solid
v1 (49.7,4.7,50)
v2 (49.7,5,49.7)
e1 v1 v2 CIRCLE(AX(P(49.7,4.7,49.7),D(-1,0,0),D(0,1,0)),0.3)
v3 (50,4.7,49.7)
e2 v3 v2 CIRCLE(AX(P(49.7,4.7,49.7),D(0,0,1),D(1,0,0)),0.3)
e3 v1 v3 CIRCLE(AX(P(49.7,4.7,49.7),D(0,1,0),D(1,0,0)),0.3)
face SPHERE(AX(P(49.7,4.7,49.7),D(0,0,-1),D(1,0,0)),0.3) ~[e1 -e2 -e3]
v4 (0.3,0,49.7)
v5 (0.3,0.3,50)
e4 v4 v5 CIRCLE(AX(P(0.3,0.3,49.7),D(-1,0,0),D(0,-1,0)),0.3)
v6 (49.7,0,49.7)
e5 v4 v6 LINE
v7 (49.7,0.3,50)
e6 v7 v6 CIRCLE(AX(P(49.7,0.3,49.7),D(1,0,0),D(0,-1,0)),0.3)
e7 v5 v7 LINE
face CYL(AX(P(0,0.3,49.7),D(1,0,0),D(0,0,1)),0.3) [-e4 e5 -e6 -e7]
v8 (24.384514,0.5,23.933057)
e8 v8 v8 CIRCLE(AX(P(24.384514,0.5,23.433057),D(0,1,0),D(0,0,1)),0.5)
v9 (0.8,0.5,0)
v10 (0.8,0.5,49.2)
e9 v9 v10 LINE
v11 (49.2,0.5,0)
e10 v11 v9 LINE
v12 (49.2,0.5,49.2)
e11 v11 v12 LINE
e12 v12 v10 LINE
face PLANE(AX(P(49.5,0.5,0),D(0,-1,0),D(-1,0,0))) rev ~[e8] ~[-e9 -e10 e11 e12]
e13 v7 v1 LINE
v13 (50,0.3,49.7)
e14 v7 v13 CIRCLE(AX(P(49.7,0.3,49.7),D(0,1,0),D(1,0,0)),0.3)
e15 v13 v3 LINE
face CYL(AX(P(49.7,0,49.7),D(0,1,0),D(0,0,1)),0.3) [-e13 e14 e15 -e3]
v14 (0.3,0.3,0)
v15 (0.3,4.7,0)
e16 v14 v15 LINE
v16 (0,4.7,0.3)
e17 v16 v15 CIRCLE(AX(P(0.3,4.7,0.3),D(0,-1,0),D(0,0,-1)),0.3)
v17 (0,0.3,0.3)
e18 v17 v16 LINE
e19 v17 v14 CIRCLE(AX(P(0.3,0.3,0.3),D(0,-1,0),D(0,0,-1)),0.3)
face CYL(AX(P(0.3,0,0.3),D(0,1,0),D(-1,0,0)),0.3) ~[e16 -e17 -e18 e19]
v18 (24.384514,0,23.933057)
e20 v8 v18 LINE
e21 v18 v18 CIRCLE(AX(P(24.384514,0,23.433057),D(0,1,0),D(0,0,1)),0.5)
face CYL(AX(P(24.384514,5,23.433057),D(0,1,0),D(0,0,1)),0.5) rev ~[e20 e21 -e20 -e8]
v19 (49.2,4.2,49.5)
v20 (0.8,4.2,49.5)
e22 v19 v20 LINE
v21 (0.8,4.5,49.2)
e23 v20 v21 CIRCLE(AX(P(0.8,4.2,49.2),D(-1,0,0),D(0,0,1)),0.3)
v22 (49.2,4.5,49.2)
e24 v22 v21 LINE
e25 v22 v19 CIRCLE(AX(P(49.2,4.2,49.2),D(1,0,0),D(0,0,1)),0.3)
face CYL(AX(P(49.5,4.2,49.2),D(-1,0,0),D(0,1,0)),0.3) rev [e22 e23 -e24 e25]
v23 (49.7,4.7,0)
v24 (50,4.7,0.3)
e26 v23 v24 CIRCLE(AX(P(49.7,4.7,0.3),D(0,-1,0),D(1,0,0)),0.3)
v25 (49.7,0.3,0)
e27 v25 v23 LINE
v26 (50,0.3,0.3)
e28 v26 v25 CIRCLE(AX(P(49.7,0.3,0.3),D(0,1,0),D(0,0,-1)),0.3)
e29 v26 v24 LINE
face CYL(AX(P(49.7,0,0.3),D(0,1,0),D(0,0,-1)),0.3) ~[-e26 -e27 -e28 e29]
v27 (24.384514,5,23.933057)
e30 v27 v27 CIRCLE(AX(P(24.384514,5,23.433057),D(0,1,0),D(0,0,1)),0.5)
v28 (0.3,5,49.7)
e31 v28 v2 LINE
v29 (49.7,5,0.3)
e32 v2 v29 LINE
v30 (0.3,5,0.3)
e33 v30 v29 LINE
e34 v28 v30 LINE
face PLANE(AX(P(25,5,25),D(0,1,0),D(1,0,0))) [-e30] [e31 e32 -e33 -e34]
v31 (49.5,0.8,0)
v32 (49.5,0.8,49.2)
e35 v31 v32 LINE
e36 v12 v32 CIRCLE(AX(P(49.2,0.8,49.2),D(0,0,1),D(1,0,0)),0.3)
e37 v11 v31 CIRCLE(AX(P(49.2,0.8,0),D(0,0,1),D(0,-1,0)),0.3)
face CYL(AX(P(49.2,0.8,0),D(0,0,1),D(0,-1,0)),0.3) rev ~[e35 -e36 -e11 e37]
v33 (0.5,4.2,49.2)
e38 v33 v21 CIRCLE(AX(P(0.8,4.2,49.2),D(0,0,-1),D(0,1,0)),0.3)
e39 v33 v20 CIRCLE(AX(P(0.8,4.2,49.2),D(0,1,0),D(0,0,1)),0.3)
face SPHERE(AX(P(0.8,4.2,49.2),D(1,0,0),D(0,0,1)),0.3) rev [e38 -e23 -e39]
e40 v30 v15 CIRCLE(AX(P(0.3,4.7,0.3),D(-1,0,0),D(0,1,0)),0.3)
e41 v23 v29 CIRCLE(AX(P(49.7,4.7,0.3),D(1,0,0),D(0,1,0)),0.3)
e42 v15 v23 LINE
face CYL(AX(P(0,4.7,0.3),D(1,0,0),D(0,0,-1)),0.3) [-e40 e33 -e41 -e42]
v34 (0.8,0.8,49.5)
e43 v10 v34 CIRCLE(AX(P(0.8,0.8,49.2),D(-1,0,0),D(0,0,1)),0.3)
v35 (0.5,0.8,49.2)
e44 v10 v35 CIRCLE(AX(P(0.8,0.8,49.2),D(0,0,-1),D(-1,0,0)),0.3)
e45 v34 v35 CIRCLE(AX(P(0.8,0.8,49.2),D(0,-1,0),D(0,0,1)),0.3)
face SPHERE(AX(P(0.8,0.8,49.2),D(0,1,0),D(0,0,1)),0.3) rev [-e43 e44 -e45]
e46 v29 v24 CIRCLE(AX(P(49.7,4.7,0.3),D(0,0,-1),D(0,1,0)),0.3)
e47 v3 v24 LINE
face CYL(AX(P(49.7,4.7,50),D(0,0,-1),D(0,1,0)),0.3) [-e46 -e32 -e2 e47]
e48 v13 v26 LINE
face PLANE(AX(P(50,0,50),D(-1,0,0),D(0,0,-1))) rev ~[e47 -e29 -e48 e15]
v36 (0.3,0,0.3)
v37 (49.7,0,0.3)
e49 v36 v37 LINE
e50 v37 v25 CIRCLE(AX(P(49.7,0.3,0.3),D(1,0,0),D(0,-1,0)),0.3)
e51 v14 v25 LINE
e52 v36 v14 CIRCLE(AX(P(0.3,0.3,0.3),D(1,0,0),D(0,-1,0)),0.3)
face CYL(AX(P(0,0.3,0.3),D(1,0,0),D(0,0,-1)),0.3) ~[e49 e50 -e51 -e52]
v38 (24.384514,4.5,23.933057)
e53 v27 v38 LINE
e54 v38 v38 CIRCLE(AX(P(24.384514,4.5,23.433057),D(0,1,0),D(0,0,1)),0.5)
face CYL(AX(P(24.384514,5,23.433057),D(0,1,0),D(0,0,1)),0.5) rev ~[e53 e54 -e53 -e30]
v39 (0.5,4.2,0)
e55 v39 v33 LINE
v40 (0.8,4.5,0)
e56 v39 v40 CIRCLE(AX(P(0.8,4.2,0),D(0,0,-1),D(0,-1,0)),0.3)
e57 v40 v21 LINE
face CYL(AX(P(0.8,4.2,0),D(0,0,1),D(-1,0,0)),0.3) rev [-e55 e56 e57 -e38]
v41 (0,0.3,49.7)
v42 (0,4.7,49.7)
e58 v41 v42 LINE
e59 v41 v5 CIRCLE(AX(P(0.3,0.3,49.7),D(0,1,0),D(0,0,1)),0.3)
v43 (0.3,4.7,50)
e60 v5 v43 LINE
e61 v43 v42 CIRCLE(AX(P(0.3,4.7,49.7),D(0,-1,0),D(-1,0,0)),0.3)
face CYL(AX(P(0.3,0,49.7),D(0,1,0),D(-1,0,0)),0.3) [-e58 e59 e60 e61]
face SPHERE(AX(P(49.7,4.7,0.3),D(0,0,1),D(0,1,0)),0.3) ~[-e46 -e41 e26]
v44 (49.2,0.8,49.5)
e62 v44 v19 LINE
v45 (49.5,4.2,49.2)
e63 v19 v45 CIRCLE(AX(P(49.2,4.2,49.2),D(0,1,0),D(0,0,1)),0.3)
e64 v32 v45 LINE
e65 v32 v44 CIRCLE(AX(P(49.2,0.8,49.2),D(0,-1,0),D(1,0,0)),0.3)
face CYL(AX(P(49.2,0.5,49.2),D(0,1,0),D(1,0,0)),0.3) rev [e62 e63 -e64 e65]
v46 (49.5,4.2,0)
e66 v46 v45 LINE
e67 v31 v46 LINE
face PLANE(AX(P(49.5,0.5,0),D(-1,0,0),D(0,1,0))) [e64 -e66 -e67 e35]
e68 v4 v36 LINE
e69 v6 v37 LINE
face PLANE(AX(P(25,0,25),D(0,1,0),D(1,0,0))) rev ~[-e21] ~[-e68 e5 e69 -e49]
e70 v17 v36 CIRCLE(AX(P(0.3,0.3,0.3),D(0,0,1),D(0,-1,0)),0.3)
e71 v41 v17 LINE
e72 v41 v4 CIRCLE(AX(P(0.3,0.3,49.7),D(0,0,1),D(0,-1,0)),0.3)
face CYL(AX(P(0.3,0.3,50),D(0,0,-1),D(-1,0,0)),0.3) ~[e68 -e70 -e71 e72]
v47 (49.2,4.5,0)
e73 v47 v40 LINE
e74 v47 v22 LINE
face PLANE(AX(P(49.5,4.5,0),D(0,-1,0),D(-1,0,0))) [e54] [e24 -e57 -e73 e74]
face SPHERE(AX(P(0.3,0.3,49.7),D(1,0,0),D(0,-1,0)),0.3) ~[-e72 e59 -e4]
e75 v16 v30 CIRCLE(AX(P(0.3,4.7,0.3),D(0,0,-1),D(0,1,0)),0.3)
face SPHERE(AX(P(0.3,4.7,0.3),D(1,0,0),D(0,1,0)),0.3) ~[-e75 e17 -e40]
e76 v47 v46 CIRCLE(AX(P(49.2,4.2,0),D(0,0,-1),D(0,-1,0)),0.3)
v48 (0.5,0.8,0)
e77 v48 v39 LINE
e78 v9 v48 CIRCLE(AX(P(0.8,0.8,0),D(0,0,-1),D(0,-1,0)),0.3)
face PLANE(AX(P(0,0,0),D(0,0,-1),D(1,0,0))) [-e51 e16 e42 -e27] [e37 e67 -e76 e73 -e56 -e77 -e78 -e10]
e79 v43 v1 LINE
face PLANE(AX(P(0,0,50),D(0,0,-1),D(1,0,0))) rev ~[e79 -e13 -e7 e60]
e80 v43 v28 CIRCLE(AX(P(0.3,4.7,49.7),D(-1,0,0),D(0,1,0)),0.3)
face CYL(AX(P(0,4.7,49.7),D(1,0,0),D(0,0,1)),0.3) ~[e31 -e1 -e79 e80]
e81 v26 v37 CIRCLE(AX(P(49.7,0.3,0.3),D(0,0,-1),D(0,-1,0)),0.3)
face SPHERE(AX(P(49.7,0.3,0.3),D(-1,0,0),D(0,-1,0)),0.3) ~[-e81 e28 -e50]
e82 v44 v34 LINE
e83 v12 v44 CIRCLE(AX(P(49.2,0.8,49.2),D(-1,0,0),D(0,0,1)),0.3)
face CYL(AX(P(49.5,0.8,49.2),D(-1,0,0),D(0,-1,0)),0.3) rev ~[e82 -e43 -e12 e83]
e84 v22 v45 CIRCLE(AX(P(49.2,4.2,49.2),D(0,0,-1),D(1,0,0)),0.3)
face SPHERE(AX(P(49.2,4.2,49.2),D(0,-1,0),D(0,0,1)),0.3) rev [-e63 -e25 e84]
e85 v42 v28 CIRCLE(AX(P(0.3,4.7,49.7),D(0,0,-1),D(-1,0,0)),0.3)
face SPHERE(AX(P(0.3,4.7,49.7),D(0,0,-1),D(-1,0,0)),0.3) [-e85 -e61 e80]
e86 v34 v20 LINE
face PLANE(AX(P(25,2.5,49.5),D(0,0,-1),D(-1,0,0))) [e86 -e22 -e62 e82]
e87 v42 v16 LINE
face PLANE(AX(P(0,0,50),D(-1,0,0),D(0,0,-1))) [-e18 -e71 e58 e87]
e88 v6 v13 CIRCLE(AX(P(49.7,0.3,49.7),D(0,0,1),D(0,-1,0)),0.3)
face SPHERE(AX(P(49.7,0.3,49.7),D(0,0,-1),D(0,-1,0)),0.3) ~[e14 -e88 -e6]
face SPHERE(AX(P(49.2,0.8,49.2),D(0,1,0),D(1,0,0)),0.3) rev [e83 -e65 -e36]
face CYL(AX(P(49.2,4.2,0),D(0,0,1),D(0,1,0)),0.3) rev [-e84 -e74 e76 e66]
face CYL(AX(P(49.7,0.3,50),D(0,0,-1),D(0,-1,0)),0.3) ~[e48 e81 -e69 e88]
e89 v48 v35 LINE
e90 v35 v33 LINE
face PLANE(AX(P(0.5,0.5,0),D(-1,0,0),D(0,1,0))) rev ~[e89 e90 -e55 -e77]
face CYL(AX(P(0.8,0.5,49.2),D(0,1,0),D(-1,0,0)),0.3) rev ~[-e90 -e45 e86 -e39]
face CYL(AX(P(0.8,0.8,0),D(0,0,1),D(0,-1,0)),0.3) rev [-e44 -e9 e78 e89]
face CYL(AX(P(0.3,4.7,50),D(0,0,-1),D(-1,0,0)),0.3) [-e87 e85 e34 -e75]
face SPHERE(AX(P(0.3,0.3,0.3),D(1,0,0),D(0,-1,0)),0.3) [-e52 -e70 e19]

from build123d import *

# Parameters (mm, degrees)
SKETCH1_W           = 50
SKETCH1_H           = 50
BOSS_EXTRUDE1_DEPTH = 5
SKETCH2_W           = 49
SKETCH2_H           = 4
CUT_EXTRUDE1_DEPTH  = 49.5
SKETCH3_R           = 0.5
CUT_EXTRUDE2_DEPTH  = 71.887234394
FILLET6_R           = 0.3


with BuildPart() as part:
    # Sketch1 → Boss-Extrude1 (new body)
    with BuildSketch(Plane(origin=(0, 0, 0), x_dir=(1, 0, 0), z_dir=(0, 1, 0))):
        with Locations((25, -25)):
            Rectangle(SKETCH1_W, SKETCH1_H)
    extrude(amount=BOSS_EXTRUDE1_DEPTH)

    # Sketch2 → Cut-Extrude1 (cut)
    with BuildSketch(Plane(origin=(0, 0, 0), x_dir=(-1, 0, 0), z_dir=(0, 0, -1))):
        with Locations((-25, 2.5)):
            Rectangle(SKETCH2_W, SKETCH2_H)
    extrude(amount=-CUT_EXTRUDE1_DEPTH, mode=Mode.SUBTRACT)

    # Sketch3 → Cut-Extrude2 (cut, through all)
    with BuildSketch(Plane(origin=(0, 5, 0), x_dir=(1, 0, 0), z_dir=(0, 1, 0))):
        with Locations(Location((24.38451422, -23.433057304, 0), (0, 0, 270))):
            Circle(SKETCH3_R)
    extrude(amount=-CUT_EXTRUDE2_DEPTH, mode=Mode.SUBTRACT)

    # Fillet6
    fillet6_edges = [part.edges().sort_by_distance(p)[0] for p in [
        (50, 5, 25),
        (49.5, 2.5, 49.5),
        (25, 5, 0),
        (49.5, 0.5, 24.75),
        (25, 4.5, 49.5),
        (49.5, 4.5, 24.75),
        (0.5, 2.5, 49.5),
        (0.5, 4.5, 24.75),
        (25, 0.5, 49.5),
        (0.5, 0.5, 24.75),
        (0, 5, 25),
        (25, 0, 0),
        (50, 0, 25),
        (25, 0, 50),
        (0, 0, 25),
        (0, 2.5, 0),
        (50, 2.5, 0),
        (50, 2.5, 50),
        (0, 2.5, 50),
        (25, 5, 50),
    ]]
    fillet(fillet6_edges, radius=FILLET6_R)


solid = part.part
